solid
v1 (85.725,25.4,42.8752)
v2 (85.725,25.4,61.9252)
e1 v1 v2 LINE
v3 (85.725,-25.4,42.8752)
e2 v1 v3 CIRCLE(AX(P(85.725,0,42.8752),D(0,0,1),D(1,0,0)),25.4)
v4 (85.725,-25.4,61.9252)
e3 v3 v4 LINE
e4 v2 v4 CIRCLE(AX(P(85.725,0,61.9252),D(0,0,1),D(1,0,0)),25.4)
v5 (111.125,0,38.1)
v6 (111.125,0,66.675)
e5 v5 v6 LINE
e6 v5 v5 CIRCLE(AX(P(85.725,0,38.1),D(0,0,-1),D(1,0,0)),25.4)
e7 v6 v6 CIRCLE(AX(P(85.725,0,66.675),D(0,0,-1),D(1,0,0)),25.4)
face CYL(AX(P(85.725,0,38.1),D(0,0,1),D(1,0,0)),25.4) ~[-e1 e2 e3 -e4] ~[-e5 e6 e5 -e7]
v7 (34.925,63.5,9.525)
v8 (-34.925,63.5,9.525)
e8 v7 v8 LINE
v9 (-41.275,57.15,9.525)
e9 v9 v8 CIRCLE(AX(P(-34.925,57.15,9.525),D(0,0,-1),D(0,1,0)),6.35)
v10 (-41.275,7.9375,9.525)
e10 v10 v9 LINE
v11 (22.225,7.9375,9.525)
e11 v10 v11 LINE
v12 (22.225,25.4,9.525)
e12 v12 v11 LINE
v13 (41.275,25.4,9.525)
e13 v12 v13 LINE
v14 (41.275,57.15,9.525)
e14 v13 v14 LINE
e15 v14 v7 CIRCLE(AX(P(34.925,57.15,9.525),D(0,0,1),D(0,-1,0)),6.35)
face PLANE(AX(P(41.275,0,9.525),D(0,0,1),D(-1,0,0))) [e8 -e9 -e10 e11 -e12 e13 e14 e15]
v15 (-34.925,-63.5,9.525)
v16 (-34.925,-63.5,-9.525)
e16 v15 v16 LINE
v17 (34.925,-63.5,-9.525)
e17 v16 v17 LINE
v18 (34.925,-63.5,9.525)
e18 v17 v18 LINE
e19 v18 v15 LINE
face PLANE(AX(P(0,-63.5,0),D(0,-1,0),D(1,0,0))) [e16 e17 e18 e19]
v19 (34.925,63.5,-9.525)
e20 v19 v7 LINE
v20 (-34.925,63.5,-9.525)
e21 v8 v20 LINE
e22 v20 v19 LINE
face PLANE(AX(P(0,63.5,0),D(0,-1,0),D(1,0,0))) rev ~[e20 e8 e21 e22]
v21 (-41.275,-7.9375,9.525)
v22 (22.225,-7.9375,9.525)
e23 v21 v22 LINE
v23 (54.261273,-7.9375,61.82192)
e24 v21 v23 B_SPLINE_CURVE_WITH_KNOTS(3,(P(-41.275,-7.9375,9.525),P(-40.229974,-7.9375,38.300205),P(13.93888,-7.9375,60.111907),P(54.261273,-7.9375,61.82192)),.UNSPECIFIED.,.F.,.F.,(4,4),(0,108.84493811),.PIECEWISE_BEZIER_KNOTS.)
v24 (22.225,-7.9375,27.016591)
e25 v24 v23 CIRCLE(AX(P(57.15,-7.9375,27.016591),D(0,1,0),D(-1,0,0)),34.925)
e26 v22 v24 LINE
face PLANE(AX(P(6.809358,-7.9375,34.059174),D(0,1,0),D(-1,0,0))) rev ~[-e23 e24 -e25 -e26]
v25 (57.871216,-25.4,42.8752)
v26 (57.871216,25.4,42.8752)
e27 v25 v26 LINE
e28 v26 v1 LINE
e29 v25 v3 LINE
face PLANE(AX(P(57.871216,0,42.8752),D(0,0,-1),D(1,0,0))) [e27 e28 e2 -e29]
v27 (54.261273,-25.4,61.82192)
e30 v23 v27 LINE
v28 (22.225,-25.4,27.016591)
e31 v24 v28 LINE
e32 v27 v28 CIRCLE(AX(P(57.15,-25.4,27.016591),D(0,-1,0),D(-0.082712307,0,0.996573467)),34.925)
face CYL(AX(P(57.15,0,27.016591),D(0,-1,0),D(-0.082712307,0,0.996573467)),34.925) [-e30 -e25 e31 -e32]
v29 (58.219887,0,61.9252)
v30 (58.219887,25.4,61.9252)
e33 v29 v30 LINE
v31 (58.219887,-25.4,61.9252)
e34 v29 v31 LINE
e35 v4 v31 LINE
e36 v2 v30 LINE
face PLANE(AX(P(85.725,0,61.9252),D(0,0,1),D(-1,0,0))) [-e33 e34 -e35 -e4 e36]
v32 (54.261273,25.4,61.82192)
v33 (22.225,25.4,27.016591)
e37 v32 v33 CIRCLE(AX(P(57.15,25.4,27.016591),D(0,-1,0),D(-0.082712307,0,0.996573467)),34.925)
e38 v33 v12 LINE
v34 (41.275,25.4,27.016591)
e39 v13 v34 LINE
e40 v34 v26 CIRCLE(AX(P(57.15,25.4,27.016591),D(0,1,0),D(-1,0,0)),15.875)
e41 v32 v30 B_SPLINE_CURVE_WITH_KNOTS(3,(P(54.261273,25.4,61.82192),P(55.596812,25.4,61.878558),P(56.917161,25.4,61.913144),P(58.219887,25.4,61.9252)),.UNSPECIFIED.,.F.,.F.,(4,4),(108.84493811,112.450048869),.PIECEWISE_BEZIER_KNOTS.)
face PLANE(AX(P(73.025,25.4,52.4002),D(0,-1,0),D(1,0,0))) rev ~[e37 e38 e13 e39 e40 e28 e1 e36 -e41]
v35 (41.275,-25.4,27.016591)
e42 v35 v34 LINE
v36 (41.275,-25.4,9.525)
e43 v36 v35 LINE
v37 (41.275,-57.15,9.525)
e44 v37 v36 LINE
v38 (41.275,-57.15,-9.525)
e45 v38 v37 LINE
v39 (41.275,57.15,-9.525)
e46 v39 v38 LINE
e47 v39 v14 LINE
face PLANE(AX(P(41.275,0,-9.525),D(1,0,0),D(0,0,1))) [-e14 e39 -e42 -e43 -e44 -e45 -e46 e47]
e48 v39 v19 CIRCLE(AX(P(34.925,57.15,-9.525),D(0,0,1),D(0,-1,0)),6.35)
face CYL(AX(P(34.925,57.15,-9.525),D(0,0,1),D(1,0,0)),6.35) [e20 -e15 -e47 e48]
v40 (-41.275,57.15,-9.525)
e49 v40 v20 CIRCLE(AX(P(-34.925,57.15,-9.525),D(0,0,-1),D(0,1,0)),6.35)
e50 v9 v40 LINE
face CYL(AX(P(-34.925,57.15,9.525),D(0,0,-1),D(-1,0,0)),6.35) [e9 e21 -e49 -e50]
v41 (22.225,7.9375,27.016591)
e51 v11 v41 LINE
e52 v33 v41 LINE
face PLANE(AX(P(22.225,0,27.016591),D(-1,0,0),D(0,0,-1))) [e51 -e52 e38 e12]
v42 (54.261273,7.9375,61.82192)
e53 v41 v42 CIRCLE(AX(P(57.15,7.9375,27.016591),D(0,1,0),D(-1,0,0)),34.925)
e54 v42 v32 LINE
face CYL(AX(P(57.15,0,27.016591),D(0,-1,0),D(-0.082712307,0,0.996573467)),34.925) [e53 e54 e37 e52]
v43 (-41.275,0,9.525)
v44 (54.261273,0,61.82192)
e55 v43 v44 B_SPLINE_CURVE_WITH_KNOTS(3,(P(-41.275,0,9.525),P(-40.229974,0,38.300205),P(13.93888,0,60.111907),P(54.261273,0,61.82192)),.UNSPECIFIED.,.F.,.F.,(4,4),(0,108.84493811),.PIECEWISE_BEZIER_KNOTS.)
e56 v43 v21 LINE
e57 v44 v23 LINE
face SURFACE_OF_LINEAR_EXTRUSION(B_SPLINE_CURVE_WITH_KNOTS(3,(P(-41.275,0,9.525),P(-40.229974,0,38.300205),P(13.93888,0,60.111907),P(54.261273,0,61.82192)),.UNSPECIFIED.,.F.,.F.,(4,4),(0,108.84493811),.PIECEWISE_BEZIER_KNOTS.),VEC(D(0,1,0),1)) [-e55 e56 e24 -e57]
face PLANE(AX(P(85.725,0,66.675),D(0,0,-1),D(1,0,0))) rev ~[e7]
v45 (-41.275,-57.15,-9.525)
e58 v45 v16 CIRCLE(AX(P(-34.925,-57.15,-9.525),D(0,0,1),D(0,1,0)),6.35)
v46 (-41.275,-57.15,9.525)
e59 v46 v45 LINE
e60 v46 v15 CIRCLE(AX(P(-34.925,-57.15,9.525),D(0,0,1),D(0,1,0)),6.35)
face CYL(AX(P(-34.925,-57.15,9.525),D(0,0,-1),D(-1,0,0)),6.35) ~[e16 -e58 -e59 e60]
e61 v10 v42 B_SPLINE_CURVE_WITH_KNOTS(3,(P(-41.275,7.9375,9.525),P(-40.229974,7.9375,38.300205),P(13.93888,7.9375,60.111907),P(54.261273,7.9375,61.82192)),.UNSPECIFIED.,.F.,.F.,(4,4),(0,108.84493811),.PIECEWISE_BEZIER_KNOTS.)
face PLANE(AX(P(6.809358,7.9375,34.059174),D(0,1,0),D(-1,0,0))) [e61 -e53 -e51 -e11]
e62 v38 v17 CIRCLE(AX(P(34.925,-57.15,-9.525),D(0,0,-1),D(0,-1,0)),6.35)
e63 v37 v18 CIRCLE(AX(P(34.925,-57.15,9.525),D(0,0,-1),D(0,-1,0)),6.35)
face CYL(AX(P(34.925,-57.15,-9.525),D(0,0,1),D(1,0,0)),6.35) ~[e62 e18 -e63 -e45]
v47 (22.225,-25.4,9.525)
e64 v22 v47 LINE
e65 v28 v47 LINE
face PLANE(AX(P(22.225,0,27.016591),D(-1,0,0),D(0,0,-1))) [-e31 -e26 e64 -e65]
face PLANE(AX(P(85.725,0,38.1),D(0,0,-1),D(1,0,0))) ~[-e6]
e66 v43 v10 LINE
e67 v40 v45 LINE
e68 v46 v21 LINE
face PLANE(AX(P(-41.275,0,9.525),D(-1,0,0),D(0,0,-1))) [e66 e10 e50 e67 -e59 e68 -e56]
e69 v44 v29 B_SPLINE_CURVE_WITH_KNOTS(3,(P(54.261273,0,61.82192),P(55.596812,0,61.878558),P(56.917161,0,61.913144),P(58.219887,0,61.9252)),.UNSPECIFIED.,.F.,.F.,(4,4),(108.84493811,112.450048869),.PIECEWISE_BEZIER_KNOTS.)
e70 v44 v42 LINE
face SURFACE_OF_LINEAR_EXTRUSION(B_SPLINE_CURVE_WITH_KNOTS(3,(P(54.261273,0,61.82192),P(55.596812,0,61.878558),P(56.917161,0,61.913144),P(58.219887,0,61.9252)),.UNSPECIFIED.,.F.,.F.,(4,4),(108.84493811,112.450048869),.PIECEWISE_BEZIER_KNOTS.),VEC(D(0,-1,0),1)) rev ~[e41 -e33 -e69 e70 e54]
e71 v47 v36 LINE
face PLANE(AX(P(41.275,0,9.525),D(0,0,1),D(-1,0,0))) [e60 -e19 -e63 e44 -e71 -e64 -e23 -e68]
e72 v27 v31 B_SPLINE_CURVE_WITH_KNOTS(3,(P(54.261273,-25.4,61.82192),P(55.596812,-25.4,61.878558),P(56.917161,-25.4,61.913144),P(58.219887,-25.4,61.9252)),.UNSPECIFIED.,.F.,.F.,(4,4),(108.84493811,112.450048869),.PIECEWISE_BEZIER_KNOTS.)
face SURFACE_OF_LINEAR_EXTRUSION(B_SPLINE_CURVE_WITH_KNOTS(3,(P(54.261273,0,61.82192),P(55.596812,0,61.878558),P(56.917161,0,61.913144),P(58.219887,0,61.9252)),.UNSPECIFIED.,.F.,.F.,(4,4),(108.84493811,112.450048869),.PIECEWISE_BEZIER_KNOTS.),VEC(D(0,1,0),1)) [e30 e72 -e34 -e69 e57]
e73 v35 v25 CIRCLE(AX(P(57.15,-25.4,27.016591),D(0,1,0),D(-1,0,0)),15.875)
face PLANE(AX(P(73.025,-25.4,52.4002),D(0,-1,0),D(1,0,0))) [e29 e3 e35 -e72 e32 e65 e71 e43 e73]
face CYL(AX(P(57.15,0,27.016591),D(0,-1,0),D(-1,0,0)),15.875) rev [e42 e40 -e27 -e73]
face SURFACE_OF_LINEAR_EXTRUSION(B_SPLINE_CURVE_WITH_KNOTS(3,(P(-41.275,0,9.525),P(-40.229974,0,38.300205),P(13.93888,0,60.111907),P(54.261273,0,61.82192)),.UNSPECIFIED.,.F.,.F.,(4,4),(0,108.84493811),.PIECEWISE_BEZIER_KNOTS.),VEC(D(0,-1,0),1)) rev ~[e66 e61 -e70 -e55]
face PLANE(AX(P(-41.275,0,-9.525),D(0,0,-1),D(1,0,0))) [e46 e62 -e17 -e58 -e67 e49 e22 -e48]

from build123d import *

# Parameters (mm, degrees)
F1_DEPTH = 63.5
F0_W     = 25.4
F0_H     = 19.05
F2_DEPTH = 25.4
F3_DEPTH = 7.9375
F4_DEPTH = 25.4
F6_R     = 6.35


with BuildPart() as f1:
    # F0 (on Front) → F1 (new body, symmetric)
    with BuildSketch(Plane.XZ):
        Polygon((22.225, 9.525), (-41.275, 9.525), (-41.275, -9.525), (41.275, -9.525), (41.275, 9.525), align=None)
    extrude(amount=F1_DEPTH, both=True)

    # F0 (on Front) → F2 (join, symmetric)
    with BuildSketch(Plane.XZ):
        with Locations((73.025, 52.4002)):
            Rectangle(F0_W, F0_H)
        with BuildLine():
            Line((22.225, 27.0165912208), (22.225, 9.525))
            Line((22.225, 9.525), (41.275, 9.525))
            Line((41.275, 9.525), (41.275, 27.0165912208))
            ThreePointArc((41.275, 27.0165912208), (46.1826320332, 38.4940676368), (57.8712160479, 42.8752))
            Line((57.8712160479, 42.8752), (60.325, 42.8752))
            Line((60.325, 42.8752), (60.325, 61.9252))
            Line((60.325, 61.9252), (58.2198869565, 61.9252))
            add(Edge.make_bspline(
                [(54.2612726793, 61.8219195408), (55.5968119666, 61.8785577598), (56.917161192, 61.9131437071), (58.2198869565, 61.9252)],
                knots=[108.8449381095, 108.8449381095, 108.8449381095, 108.8449381095, 112.4500488685, 112.4500488685, 112.4500488685, 112.4500488685], degree=3))
            ThreePointArc((54.2612726793, 61.8219195408), (31.4532645393, 50.66893596), (22.225, 27.0165912208))
        make_face()
    extrude(amount=F2_DEPTH, both=True)

    # F0 (on Front) → F3 (join, symmetric)
    with BuildSketch(Plane.XZ):
        with BuildLine():
            add(Edge.make_bspline(
                [(-41.275, 9.525), (-40.2299736502, 38.3002045249), (13.9388801659, 60.1119073253), (54.2612726793, 61.8219195408)],
                knots=[0, 0, 0, 0, 108.8449381095, 108.8449381095, 108.8449381095, 108.8449381095], degree=3))
            Line((-41.275, 9.525), (22.225, 9.525))
            Line((22.225, 9.525), (22.225, 27.0165912208))
            ThreePointArc((22.225, 27.0165912208), (31.4532645393, 50.66893596), (54.2612726793, 61.8219195408))
        make_face()
    extrude(amount=F3_DEPTH, both=True)

    # F0 (on Front) → F4 (join, symmetric)
    with BuildSketch(Plane.XZ):
        with Locations((73.025, 52.4002)):
            Rectangle(F0_W, F0_H)
    extrude(amount=F4_DEPTH, both=True)

    # F0 (on Front) → F5 (revolve)
    with BuildSketch(Plane.XZ):
        Polygon((85.725, 66.675), (85.725, 61.9252), (85.725, 42.8752), (85.725, 38.1), (111.125, 38.1), (111.125, 66.675), align=None)
    revolve(axis=Axis((85.725, 0, 52.3875), (0, 0, -1)))

    # F6
    f6_edges = [f1.edges().sort_by_distance(p)[0] for p in [
        (-41.275, -63.5, 0),
        (41.275, -63.5, 0),
        (41.275, 63.5, 0),
        (-41.275, 63.5, 0),
    ]]
    fillet(f6_edges, radius=F6_R)


solid = f1.part
